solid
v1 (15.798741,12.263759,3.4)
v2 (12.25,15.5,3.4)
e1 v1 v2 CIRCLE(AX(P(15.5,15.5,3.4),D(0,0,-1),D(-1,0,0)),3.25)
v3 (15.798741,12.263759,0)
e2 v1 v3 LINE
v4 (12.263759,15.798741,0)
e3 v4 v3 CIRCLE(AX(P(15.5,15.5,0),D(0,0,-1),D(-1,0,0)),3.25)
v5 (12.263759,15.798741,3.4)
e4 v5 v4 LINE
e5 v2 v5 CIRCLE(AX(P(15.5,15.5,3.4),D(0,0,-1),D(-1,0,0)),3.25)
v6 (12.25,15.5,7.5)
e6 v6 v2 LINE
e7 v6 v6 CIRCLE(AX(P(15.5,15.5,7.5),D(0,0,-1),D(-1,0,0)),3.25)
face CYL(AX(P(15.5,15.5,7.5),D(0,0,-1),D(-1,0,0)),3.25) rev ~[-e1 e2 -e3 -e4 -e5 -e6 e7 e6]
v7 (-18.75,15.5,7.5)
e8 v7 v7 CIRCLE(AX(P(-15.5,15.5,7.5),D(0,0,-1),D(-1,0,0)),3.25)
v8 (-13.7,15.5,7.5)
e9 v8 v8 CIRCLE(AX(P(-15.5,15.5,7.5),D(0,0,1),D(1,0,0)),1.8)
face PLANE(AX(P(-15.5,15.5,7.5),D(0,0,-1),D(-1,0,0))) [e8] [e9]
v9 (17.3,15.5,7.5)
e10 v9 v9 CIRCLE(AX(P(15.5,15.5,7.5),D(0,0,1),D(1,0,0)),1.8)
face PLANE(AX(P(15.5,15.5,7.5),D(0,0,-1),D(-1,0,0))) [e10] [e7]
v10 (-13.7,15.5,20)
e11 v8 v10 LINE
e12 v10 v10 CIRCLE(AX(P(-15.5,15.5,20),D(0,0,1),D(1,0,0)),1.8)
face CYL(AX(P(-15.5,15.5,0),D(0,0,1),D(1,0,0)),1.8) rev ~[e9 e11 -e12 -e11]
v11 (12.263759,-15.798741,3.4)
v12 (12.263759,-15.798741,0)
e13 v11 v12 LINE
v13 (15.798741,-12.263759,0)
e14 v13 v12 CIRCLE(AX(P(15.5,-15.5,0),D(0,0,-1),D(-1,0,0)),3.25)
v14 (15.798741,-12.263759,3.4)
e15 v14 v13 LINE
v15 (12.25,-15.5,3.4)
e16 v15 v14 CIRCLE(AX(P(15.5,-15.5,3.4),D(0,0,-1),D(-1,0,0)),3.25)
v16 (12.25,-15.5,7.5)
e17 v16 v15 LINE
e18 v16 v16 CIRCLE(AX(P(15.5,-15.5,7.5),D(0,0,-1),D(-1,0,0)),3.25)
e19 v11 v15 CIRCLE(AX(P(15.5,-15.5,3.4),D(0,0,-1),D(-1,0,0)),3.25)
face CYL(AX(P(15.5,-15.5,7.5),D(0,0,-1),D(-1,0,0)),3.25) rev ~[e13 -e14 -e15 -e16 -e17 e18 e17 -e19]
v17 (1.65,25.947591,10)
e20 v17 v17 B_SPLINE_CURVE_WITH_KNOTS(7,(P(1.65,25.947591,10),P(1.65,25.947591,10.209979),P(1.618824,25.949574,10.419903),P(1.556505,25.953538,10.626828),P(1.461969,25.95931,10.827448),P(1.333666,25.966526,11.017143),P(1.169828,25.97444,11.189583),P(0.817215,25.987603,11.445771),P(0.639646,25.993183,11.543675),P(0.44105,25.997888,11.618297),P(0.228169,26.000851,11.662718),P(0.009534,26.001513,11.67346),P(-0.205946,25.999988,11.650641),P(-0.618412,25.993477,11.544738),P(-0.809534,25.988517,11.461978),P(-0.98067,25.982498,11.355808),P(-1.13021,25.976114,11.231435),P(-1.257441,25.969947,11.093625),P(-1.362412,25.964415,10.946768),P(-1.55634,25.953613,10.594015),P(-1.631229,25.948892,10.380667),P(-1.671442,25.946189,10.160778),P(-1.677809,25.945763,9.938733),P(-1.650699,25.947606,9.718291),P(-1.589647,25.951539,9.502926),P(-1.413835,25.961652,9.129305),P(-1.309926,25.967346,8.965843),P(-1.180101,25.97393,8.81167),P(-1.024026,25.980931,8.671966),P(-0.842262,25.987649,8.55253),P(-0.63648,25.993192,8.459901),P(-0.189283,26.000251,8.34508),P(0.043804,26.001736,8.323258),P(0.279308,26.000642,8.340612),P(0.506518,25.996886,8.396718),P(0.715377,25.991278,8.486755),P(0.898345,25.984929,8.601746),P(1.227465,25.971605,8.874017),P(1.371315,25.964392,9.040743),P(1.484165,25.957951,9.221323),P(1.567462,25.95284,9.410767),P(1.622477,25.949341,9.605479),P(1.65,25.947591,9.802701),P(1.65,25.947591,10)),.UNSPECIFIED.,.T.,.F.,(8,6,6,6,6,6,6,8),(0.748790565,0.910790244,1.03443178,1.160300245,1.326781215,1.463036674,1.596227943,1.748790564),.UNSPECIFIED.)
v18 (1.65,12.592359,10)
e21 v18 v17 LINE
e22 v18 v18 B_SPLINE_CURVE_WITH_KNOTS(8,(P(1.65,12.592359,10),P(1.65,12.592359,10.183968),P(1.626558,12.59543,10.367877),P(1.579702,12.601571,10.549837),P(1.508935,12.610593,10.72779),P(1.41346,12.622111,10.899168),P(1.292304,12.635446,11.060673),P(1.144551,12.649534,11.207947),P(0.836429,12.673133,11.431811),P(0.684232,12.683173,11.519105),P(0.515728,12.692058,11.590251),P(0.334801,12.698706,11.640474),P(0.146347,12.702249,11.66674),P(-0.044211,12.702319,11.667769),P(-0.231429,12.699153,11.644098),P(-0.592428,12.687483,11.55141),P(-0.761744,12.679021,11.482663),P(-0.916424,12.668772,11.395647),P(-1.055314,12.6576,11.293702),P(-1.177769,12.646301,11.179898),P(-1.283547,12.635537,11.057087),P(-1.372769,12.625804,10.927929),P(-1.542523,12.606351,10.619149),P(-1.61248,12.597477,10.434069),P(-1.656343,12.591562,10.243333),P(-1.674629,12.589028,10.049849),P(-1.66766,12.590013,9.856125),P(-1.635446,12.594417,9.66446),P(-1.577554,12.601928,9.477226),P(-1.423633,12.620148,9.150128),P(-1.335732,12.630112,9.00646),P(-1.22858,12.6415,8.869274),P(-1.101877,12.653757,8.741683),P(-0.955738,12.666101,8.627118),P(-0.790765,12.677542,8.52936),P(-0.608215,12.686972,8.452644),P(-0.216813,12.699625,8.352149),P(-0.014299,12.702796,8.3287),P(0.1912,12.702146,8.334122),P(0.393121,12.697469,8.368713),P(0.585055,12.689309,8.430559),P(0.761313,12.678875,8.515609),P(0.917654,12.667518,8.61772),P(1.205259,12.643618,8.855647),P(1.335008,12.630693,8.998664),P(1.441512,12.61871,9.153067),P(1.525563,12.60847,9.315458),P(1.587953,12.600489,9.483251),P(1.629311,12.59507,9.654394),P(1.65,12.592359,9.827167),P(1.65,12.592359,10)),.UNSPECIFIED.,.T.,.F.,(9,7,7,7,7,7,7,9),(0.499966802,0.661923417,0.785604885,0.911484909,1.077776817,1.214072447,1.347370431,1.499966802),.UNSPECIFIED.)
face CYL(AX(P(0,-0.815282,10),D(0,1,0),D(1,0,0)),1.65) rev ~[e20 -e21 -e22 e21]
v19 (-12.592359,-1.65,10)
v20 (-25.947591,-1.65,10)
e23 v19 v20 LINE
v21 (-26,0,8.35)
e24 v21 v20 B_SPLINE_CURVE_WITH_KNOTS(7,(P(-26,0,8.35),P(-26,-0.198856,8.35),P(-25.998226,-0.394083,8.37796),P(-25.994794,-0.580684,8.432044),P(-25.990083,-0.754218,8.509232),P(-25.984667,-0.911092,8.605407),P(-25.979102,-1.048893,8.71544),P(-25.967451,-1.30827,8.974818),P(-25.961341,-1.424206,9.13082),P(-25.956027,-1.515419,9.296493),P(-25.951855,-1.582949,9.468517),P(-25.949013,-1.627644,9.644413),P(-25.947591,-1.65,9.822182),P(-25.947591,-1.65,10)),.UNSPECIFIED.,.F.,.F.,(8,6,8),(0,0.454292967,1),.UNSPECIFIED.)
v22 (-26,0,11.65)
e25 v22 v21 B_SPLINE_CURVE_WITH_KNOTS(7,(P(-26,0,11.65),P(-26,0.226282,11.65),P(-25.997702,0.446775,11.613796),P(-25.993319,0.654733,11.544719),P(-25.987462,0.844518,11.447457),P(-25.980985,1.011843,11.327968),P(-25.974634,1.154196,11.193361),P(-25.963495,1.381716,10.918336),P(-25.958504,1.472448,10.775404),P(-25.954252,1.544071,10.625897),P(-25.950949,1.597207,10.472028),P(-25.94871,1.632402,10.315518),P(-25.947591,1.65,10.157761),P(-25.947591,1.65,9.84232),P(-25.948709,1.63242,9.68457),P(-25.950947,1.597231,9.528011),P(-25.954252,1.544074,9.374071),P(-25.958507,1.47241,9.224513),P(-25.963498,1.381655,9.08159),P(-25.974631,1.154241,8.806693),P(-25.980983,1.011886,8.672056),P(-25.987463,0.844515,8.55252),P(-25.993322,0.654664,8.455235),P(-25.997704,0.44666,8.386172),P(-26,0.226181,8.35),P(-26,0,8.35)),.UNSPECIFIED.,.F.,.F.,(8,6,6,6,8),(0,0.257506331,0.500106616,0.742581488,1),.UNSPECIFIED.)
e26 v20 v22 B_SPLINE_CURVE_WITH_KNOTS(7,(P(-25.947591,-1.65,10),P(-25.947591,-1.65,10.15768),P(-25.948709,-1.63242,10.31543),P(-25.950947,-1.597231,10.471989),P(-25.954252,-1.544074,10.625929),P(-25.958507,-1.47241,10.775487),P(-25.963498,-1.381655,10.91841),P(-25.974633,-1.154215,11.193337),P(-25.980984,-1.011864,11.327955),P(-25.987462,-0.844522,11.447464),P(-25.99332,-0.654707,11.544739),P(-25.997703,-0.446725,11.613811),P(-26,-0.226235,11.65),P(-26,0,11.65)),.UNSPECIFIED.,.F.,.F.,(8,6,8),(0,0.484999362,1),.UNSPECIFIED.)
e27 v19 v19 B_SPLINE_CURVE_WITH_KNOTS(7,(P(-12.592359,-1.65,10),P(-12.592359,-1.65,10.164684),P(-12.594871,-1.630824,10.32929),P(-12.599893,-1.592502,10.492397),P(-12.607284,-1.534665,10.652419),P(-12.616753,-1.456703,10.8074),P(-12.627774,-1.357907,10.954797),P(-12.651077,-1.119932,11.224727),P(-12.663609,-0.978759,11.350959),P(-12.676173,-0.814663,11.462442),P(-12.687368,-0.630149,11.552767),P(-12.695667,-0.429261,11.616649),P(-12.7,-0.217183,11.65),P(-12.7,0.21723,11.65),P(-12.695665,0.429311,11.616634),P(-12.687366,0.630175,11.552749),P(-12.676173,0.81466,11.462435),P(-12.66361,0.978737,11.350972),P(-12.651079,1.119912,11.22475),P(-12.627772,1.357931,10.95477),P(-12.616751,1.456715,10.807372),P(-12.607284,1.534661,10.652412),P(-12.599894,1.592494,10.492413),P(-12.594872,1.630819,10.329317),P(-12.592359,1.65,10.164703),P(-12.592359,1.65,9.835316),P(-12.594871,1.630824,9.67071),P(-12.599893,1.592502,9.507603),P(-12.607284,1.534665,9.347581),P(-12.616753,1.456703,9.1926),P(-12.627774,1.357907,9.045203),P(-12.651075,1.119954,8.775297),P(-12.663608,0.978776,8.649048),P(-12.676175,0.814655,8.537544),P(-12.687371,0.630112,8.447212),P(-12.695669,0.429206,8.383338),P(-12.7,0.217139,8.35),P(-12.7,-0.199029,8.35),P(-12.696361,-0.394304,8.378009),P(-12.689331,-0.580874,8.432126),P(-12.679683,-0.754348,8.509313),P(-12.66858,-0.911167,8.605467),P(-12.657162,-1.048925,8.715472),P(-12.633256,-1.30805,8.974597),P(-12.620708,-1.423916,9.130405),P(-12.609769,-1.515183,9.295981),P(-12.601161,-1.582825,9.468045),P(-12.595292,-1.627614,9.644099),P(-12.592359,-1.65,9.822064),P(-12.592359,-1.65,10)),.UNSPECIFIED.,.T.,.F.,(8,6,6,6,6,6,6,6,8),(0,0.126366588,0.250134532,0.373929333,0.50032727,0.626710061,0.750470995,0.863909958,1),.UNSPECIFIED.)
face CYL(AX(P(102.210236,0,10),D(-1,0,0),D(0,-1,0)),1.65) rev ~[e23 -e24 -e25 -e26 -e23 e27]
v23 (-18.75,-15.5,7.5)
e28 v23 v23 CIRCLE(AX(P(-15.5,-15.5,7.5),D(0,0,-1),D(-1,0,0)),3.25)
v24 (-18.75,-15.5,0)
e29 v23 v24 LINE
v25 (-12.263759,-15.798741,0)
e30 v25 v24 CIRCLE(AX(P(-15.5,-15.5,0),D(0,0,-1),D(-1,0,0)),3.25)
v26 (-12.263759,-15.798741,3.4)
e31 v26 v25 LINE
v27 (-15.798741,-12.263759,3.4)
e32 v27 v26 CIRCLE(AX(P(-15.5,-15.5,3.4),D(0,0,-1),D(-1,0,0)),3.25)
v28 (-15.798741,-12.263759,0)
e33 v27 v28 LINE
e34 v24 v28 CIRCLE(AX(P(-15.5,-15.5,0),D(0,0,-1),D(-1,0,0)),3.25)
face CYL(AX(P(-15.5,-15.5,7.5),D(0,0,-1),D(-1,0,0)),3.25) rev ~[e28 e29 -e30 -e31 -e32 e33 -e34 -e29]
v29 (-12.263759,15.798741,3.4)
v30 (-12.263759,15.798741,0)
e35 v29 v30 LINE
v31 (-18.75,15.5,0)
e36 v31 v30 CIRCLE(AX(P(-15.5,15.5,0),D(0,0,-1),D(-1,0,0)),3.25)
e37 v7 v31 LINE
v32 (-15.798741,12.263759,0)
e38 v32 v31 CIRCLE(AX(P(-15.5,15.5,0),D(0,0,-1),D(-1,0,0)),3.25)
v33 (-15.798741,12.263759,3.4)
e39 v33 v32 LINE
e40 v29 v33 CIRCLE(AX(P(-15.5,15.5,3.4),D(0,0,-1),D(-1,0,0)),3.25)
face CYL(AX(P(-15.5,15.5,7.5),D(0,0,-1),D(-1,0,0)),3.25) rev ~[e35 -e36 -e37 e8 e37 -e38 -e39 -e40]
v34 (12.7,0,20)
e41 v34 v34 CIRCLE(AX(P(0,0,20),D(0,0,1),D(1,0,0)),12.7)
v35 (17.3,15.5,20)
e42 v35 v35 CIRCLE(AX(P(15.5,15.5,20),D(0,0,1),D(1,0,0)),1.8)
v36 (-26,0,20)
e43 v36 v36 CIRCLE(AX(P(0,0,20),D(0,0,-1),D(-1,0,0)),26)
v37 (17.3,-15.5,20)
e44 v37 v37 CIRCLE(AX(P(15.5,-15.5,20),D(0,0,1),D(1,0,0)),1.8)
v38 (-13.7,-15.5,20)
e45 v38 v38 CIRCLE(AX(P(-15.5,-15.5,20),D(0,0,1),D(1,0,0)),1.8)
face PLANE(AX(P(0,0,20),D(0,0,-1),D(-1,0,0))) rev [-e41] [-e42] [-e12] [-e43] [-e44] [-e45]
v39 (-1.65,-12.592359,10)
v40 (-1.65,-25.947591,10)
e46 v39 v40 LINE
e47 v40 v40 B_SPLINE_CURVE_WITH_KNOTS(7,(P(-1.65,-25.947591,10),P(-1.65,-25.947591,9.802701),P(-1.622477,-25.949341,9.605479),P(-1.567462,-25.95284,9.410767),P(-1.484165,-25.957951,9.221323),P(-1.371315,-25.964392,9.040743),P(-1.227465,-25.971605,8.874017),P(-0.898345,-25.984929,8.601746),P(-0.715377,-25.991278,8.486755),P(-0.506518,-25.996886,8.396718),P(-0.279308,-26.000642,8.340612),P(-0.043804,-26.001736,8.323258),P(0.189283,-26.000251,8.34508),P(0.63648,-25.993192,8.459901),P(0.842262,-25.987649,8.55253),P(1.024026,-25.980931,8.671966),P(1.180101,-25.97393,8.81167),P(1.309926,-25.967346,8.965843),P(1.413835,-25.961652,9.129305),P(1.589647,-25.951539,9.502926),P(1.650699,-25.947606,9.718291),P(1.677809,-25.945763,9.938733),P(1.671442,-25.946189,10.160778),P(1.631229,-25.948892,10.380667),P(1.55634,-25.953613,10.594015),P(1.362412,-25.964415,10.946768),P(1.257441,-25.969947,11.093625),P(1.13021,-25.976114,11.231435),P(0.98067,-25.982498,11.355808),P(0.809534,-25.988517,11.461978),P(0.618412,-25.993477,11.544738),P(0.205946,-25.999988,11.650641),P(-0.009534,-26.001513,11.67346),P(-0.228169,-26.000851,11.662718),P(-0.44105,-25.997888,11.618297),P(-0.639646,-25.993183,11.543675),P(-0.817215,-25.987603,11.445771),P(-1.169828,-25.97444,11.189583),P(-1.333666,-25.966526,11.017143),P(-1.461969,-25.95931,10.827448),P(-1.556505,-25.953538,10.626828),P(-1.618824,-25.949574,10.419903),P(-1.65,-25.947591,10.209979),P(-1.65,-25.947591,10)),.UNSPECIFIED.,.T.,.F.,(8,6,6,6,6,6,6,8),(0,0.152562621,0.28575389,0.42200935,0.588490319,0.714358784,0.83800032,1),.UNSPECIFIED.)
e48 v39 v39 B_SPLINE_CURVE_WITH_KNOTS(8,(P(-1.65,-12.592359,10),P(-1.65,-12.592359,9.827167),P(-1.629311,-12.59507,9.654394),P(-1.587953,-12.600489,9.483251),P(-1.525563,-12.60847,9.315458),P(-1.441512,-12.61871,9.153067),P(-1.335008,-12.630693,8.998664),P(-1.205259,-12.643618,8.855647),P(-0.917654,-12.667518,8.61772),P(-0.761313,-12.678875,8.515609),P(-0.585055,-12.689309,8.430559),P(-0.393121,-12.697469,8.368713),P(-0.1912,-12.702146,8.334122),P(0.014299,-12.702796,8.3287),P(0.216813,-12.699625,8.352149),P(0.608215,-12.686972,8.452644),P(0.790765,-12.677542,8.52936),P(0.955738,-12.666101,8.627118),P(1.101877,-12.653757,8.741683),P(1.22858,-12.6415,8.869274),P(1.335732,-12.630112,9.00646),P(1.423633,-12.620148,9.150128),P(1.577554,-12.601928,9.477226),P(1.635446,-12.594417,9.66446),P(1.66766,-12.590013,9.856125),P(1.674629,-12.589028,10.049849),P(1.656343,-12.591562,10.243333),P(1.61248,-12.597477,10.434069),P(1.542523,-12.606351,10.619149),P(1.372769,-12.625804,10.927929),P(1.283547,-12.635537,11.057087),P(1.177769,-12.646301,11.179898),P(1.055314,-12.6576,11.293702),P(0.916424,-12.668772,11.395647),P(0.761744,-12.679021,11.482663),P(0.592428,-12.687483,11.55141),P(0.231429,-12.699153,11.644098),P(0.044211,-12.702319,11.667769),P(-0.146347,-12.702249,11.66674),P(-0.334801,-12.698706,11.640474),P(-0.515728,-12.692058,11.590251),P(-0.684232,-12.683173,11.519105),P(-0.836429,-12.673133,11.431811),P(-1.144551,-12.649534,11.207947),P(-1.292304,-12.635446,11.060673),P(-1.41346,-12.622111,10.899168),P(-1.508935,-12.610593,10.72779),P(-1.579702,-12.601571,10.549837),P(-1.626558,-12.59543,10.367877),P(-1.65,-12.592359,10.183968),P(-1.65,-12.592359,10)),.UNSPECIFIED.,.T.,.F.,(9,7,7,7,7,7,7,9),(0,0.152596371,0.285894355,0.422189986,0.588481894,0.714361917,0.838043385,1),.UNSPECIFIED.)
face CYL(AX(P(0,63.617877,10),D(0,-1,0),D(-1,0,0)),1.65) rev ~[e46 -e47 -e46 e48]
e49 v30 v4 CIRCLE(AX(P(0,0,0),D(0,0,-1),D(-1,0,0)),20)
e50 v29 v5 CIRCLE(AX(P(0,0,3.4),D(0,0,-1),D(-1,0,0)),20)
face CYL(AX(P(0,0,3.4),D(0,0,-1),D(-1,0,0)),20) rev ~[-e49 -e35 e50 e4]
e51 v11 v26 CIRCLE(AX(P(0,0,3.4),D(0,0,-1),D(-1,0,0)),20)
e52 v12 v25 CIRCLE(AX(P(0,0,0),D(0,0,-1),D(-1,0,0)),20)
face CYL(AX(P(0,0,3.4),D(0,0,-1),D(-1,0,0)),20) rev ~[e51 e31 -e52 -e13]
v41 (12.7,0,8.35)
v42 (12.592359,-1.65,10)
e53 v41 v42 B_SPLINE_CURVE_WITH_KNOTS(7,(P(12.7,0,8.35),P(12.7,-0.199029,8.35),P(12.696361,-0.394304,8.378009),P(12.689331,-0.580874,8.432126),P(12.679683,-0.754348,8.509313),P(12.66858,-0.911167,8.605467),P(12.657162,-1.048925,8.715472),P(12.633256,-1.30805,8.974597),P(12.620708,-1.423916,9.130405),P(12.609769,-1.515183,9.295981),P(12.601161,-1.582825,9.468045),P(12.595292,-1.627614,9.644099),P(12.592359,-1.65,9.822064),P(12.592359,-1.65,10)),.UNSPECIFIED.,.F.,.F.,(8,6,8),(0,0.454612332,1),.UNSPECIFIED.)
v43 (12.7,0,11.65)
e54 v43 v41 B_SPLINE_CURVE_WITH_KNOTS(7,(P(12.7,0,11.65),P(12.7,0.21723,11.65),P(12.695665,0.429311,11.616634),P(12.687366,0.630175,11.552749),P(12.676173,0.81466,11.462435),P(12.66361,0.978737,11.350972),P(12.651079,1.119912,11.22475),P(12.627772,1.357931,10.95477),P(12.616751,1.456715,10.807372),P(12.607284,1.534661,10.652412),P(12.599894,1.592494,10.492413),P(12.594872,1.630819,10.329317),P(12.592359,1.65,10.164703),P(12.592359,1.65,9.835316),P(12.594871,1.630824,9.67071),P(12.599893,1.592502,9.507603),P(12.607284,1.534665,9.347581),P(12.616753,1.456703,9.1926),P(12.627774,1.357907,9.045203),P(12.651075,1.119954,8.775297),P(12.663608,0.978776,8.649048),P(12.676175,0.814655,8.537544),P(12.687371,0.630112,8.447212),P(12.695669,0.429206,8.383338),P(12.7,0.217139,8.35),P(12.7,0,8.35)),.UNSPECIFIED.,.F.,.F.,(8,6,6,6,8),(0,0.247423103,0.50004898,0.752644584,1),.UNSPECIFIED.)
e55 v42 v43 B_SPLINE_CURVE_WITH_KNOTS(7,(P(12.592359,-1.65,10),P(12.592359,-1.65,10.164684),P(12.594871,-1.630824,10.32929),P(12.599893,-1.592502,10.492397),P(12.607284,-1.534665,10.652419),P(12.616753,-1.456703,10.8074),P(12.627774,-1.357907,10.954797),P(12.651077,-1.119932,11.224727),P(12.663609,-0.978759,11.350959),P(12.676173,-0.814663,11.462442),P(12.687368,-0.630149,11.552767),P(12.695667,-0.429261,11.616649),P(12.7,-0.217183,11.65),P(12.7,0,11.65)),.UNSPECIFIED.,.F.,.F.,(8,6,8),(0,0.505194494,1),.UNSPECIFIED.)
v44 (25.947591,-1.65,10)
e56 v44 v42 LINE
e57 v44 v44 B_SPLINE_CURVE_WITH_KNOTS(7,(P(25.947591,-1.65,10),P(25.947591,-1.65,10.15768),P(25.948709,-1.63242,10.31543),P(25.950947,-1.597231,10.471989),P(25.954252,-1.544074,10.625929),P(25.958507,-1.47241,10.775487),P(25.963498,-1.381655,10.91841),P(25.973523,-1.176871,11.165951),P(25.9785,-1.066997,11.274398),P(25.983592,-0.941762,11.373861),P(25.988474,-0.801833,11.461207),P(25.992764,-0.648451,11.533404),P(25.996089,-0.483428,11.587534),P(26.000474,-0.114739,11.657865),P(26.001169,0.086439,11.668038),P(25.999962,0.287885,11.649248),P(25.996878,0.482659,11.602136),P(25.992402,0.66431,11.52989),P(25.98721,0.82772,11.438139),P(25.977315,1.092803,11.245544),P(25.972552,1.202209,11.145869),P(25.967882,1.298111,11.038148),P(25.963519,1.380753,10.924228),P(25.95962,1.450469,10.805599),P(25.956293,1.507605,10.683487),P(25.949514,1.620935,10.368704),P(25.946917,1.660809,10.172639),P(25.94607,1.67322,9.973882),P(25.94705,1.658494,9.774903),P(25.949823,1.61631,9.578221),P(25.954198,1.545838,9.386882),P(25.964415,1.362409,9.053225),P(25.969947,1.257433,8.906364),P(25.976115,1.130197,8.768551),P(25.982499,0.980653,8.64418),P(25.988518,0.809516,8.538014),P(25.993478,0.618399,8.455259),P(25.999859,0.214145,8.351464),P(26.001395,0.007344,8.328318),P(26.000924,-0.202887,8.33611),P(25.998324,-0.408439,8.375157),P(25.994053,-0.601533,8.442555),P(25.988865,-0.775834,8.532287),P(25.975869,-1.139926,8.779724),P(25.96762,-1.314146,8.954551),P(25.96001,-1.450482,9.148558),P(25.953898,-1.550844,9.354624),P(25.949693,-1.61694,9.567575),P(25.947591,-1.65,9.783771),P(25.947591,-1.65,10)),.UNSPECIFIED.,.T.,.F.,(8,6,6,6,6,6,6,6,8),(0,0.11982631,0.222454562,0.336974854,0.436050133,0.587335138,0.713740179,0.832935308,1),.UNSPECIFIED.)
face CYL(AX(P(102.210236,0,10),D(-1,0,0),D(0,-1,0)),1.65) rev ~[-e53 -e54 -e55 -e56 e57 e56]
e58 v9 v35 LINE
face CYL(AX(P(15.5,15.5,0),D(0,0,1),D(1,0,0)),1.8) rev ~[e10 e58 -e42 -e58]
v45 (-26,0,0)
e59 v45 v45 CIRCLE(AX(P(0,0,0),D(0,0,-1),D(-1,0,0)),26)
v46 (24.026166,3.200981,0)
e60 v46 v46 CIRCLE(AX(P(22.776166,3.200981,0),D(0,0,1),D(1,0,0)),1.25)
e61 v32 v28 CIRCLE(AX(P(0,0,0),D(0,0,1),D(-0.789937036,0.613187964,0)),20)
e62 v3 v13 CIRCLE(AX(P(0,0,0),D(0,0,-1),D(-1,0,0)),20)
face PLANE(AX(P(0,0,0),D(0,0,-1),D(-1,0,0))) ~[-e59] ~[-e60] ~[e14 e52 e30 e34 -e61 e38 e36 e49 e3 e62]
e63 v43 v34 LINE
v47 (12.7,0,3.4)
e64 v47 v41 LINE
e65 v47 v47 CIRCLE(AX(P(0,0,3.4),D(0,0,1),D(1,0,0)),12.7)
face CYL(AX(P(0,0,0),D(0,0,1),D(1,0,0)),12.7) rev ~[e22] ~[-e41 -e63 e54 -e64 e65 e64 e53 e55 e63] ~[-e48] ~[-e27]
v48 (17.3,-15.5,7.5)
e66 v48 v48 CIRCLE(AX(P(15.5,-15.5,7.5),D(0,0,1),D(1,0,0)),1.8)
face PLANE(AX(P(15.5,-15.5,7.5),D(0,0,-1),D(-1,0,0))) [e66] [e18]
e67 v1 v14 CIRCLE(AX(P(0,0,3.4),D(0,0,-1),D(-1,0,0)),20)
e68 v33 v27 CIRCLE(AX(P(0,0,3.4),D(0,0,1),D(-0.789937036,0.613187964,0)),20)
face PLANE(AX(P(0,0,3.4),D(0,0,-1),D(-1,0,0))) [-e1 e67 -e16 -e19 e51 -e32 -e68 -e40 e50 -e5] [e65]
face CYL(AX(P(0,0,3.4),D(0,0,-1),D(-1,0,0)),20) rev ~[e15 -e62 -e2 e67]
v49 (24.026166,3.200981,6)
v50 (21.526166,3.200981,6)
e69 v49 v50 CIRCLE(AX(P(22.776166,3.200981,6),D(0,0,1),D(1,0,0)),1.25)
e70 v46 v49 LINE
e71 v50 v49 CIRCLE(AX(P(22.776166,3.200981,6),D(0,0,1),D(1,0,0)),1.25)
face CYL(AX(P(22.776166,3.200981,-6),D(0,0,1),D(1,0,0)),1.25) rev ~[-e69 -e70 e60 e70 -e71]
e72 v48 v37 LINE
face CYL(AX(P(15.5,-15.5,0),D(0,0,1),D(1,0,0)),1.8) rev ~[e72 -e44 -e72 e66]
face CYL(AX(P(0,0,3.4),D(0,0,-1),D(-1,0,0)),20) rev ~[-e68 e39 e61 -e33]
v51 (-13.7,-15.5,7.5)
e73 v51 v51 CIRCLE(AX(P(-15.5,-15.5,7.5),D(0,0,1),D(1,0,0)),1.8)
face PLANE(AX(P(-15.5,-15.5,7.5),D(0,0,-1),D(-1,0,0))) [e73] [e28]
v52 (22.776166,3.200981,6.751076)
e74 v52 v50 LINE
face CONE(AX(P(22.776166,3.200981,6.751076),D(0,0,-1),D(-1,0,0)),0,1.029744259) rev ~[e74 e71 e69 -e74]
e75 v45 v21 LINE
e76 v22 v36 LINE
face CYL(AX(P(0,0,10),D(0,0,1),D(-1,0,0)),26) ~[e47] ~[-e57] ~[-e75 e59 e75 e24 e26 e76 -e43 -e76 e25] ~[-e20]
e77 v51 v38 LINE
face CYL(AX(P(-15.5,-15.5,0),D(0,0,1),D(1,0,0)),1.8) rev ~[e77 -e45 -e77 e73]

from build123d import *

# Parameters (mm, degrees)
SKETCH1_W                      = 26
SKETCH1_H                      = 20
M3X0_5_TAPPED_HOLE1_D          = 2.5
M3X0_5_TAPPED_HOLE1_DEPTH      = 6
M3X0_5_TAPPED_HOLE1_TIP        = 0.751075774
HOLE1_D                        = 25.4
HOLE1_CBORE_D                  = 40
HOLE1_CBORE_DEPTH              = 3.4
M4X0_7_TAPPED_HOLE1_D          = 3.3
M4X0_7_TAPPED_HOLE2_D          = 3.3
M4X0_7_TAPPED_HOLE2_DEPTH      = 13.407641206
F_4_CLEARANCE_HOLE3_D          = 3.3
CBORE_FOR_M3_SHCS1_D           = 3.6
CBORE_FOR_M3_SHCS1_CBORE_D     = 6.5
CBORE_FOR_M3_SHCS1_CBORE_DEPTH = 7.5


with BuildPart() as part:
    # Sketch1 → Revolve1 (revolve)
    with BuildSketch(Plane.XZ, mode=Mode.PRIVATE) as revolve1_sk:
        with Locations((13, 10)):
            Rectangle(SKETCH1_W, SKETCH1_H)
    revolve(revolve1_sk.sketch.rotate(Axis((0, 0, 20), (0, 0, -1)), 180), axis=Axis((0, 0, 20), (0, 0, -1)))

    # M3x0.5 Tapped Hole1
    with Locations(Plane(origin=(0, 0, 0), x_dir=(-1, 0, 0), z_dir=(0, 0, -1))):
        with Locations((-22.776165581, 3.200981322)):
            Hole(M3X0_5_TAPPED_HOLE1_D / 2, depth=M3X0_5_TAPPED_HOLE1_DEPTH)
            with Locations((0, 0, -(M3X0_5_TAPPED_HOLE1_DEPTH + M3X0_5_TAPPED_HOLE1_TIP / 2))):  # 118° drill point
                Cone(0, M3X0_5_TAPPED_HOLE1_D / 2, M3X0_5_TAPPED_HOLE1_TIP, mode=Mode.SUBTRACT)

    # Hole1 (through all)
    with Locations(Plane(origin=(0, 0, 0), x_dir=(-1, 0, 0), z_dir=(0, 0, -1))):
        with Locations((0, 0)):
            CounterBoreHole(HOLE1_D / 2, HOLE1_CBORE_D / 2, HOLE1_CBORE_DEPTH)

    # M4x0.7 Tapped Hole1 (through all)
    with Locations(Plane(origin=(26, 0, 10), x_dir=(0, 1, 0), z_dir=(1, 0, 0))):
        with Locations((0, 0)):
            Hole(M4X0_7_TAPPED_HOLE1_D / 2)

    # M4x0.7 Tapped Hole2
    with Locations(Plane(origin=(0, 12.592358794, 0), x_dir=(-1, 0, 0), z_dir=(0, -1, 0))):
        with Locations((0, -10)):
            Hole(M4X0_7_TAPPED_HOLE2_D / 2, depth=M4X0_7_TAPPED_HOLE2_DEPTH)

    # #4 Clearance Hole3 (through all)
    with Locations(Plane(origin=(0, -12.592358794, 0), x_dir=(1, 0, 0), z_dir=(0, 1, 0))):
        with Locations((0, -10)):
            Hole(F_4_CLEARANCE_HOLE3_D / 2)

    # CBORE for M3 SHCS1 (through all)
    with Locations(Plane(origin=(0, 0, 0), x_dir=(-1, 0, 0), z_dir=(0, 0, -1))):
        with Locations((-15.5, -15.5), (-15.5, 15.5), (15.5, 15.5), (15.5, -15.5)):
            CounterBoreHole(CBORE_FOR_M3_SHCS1_D / 2, CBORE_FOR_M3_SHCS1_CBORE_D / 2, CBORE_FOR_M3_SHCS1_CBORE_DEPTH)


solid = part.part
